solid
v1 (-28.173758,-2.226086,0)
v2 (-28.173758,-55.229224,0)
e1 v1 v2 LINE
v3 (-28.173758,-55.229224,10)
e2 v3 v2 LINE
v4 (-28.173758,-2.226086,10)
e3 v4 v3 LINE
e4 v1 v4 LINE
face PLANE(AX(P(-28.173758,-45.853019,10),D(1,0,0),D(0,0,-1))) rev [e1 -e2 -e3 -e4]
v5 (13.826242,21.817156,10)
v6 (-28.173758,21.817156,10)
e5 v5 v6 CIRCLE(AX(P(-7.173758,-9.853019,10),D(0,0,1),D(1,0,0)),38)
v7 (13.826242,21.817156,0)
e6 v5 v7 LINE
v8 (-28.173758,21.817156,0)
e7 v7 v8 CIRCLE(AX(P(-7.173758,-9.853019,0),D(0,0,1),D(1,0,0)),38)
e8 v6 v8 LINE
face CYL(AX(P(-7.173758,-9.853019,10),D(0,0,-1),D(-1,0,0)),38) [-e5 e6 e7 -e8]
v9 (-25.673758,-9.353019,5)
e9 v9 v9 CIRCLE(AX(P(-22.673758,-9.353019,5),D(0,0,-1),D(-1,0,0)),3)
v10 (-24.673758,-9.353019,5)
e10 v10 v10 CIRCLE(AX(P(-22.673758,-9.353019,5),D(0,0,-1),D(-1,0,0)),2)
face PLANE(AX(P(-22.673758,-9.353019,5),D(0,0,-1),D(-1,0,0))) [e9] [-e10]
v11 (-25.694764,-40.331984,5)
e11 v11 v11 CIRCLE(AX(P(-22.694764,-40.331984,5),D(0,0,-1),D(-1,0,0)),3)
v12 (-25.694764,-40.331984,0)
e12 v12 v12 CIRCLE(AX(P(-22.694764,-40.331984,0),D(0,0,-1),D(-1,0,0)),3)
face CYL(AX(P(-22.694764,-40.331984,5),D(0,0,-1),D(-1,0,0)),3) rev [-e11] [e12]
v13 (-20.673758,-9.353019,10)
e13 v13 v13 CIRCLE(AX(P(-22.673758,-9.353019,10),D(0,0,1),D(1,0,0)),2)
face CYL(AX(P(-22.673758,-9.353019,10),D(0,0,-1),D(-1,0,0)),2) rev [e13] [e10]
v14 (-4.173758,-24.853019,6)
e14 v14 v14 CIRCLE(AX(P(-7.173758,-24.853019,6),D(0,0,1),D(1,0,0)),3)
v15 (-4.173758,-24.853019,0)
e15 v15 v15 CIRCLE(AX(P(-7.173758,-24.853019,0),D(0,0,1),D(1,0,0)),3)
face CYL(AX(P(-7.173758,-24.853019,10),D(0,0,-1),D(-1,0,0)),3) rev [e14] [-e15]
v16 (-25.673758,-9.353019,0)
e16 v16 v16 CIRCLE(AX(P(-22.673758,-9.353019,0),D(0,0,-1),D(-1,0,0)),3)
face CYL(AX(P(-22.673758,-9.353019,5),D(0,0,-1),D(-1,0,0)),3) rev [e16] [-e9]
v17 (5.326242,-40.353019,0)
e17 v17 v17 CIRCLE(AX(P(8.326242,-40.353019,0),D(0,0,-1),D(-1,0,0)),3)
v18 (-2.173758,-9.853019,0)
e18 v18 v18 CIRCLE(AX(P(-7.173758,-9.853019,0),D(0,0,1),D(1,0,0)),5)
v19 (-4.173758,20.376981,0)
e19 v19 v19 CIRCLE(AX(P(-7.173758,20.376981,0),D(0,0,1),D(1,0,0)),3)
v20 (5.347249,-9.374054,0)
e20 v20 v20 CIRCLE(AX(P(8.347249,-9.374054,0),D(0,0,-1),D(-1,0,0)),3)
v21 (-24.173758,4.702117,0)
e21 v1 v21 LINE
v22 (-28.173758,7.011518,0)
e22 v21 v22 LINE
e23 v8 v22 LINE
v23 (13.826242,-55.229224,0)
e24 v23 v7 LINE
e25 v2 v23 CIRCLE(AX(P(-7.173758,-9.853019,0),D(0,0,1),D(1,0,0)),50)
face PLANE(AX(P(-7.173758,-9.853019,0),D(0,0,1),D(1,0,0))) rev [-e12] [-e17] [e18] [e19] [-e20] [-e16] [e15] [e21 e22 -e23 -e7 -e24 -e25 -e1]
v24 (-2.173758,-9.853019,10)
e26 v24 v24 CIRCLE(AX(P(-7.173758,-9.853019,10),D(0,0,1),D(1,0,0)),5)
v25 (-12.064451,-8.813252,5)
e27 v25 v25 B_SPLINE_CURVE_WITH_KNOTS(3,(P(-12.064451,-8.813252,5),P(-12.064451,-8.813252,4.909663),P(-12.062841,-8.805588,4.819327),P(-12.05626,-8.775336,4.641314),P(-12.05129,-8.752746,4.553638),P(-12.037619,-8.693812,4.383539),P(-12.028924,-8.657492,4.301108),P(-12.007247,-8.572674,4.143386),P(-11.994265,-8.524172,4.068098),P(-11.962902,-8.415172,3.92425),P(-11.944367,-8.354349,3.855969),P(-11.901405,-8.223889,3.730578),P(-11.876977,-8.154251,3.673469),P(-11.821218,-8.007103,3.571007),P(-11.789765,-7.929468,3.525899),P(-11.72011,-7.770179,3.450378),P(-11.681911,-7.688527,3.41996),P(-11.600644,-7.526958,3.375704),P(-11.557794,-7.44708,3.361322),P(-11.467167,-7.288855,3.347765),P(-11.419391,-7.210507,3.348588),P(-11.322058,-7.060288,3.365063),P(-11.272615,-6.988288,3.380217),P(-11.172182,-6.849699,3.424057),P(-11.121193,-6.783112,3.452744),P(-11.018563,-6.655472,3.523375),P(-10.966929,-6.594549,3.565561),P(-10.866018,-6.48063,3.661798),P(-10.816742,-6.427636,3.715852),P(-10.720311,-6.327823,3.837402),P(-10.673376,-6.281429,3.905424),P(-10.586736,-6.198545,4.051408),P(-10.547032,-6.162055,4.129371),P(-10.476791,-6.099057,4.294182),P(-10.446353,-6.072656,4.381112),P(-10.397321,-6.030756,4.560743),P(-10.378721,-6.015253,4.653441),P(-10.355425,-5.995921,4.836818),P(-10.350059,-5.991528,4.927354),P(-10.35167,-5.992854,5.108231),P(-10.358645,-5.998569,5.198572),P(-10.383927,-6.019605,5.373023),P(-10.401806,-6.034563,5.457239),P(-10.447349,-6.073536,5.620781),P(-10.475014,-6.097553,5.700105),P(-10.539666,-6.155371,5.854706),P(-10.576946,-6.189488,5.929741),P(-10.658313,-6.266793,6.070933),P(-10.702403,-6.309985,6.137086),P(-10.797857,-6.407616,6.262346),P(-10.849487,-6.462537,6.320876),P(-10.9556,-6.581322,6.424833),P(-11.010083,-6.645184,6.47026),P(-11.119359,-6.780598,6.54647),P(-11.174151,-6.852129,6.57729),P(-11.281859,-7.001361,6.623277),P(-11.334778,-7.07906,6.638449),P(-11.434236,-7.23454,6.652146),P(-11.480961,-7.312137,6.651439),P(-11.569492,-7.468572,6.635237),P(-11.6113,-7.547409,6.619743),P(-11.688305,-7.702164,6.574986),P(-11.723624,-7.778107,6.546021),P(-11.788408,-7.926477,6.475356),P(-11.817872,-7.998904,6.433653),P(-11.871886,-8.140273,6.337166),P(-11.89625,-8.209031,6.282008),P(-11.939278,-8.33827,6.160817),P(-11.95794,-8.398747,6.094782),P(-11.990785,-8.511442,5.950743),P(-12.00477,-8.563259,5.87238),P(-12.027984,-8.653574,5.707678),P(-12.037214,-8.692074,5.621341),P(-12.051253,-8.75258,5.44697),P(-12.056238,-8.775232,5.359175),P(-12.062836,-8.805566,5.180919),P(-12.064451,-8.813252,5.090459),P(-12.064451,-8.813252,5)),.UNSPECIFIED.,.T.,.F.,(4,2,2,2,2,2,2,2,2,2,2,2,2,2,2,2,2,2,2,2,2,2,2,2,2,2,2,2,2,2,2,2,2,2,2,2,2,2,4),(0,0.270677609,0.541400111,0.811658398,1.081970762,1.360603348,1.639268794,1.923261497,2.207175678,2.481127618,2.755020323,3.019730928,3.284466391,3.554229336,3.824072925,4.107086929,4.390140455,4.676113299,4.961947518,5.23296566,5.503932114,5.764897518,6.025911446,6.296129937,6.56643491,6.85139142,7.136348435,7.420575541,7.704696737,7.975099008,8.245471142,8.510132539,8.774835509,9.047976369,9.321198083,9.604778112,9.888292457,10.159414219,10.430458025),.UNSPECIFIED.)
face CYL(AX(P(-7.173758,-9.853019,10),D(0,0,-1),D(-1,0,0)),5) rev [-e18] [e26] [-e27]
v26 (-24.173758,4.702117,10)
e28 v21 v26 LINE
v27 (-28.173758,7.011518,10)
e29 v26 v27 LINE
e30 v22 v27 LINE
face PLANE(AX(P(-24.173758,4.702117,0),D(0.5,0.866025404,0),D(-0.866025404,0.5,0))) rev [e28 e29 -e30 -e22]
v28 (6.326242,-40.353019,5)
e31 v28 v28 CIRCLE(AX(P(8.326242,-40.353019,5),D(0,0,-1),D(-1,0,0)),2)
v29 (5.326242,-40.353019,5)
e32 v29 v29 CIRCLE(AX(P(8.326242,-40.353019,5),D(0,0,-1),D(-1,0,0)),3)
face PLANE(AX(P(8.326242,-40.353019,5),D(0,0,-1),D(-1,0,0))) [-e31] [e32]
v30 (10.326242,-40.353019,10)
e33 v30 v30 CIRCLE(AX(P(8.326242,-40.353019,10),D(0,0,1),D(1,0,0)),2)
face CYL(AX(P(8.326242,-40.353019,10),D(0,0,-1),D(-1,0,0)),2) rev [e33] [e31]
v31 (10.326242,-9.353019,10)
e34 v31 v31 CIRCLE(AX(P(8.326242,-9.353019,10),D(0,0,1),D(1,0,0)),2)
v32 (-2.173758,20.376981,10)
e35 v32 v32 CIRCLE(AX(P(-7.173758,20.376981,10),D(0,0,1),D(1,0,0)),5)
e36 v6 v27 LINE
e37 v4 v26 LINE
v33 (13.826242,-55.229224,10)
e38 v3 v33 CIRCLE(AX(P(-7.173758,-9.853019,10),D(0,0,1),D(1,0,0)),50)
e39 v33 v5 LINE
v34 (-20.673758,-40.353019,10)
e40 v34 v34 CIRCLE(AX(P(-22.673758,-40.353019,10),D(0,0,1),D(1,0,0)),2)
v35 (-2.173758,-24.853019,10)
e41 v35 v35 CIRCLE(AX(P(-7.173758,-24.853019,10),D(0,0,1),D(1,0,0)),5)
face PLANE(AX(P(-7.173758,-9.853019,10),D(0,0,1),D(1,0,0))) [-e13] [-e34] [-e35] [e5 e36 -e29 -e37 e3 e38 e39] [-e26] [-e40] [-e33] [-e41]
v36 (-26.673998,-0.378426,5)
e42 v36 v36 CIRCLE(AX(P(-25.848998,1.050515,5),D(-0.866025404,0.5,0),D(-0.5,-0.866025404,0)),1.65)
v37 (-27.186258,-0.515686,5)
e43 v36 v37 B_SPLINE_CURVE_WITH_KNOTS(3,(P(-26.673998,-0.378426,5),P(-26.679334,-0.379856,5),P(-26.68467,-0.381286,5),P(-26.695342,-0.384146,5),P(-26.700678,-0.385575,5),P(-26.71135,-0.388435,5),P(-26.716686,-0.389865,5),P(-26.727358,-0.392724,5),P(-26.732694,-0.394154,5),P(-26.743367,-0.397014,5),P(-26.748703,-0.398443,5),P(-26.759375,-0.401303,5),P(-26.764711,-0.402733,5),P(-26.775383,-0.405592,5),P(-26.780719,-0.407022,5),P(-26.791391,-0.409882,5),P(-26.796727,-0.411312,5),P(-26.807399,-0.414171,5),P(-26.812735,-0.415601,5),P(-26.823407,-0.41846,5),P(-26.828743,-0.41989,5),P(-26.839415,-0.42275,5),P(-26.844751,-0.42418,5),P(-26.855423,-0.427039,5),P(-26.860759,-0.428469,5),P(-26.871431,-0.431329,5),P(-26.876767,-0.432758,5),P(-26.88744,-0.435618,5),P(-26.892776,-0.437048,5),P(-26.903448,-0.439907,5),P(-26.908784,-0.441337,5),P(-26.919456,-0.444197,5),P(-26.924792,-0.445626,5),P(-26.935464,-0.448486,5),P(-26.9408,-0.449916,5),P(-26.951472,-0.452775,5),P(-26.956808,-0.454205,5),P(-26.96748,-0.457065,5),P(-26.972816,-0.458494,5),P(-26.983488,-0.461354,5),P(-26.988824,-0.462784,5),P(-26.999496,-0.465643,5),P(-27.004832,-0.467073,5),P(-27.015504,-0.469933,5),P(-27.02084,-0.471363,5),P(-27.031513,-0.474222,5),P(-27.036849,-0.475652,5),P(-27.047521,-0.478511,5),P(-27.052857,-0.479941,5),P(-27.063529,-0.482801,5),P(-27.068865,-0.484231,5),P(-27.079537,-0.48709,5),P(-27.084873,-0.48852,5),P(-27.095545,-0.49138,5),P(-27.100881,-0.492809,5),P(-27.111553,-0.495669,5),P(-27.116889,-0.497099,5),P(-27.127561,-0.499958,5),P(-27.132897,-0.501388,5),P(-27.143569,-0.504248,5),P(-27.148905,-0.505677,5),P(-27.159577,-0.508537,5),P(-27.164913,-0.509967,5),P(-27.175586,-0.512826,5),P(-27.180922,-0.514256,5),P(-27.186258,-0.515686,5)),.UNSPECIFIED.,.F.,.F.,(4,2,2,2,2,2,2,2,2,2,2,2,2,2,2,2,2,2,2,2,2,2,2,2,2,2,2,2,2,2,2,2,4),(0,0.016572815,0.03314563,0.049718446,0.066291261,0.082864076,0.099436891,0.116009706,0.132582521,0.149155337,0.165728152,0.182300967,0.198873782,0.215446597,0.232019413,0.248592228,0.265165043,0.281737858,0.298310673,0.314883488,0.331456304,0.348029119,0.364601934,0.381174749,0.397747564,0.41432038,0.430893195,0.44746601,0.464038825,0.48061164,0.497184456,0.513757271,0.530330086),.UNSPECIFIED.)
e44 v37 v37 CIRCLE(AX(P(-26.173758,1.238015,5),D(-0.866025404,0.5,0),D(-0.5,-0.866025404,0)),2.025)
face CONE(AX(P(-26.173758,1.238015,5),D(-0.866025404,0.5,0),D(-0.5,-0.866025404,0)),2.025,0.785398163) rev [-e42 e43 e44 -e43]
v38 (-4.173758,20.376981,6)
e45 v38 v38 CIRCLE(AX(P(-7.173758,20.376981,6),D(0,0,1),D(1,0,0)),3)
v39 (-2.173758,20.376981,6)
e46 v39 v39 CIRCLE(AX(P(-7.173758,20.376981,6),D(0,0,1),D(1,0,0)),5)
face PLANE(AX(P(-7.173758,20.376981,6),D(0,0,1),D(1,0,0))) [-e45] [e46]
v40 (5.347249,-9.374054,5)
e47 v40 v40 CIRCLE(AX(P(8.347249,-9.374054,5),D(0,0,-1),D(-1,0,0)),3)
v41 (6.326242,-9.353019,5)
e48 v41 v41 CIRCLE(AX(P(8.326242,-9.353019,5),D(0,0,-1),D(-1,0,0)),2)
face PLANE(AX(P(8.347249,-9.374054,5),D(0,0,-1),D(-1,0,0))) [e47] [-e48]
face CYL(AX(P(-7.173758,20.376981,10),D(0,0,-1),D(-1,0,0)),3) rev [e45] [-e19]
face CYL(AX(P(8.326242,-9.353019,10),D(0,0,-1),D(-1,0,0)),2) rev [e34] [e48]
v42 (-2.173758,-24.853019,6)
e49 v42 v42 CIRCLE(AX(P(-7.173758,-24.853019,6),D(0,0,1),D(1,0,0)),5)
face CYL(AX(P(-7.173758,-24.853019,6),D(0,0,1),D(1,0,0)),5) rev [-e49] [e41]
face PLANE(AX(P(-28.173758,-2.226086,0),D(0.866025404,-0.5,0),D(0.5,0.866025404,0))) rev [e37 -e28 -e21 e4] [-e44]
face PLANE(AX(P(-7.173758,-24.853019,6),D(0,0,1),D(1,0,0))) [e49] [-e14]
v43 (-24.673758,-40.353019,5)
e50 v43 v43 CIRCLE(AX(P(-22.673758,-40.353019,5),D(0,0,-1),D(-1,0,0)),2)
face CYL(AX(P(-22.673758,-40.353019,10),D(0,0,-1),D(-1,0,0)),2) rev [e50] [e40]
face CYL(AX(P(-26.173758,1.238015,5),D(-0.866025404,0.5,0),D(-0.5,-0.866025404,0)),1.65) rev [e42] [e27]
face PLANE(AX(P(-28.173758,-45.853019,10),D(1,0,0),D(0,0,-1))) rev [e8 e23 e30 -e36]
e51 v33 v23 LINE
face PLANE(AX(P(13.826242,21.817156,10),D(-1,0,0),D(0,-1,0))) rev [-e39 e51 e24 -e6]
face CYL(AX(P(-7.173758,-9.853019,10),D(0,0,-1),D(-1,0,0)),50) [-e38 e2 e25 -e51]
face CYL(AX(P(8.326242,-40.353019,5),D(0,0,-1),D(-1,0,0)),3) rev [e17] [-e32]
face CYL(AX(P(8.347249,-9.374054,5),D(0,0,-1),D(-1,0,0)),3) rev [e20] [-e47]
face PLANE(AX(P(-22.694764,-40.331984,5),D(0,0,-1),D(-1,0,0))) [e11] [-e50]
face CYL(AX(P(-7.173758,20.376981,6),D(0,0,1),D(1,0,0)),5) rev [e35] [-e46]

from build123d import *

# Parameters (mm, degrees)
SKIZZE1_R                       = 3
SKIZZE1_R_2                     = 5
SKIZZE1_R_3                     = 2
AUFSATZ_LINEAR_AUSTRAGEN1_DEPTH = 10
SKIZZE2_R                       = 5
SCHNITT_LINEAR_AUSTRAGEN1_DEPTH = 4
SKIZZE3_R                       = 3
SCHNITT_LINEAR_AUSTRAGEN2_DEPTH = 5
SCHNITT_LINEAR_AUSTRAGEN3_DEPTH = 10
SKIZZE6_R                       = 1.5
SCHNITT_LINEAR_AUSTRAGEN4_DEPTH = 20
M4_GEWINDEBOHRUNG3_D            = 3.3
M4_GEWINDEBOHRUNG3_DEPTH        = 20
M4_GEWINDEBOHRUNG3_CSINK_D      = 4.05
M4_GEWINDEBOHRUNG3_CSINK_ANGLE  = 90
M4_GEWINDEBOHRUNG3_TIP          = 0.991420021


with BuildPart() as part:
    # Skizze1 → Aufsatz-Linear austragen1 (new body)
    with BuildSketch(Plane.XY):
        with BuildLine():
            Line((-28.173757618, -45.853019157), (-28.173757618, -55.229224375))
            ThreePointArc((-28.173757618, -55.229224375), (-7.173757618, -59.853019157), (13.826242382, -55.229224375))
            Line((13.826242382, -55.229224375), (13.826242382, -45.853019157))
            Line((13.826242382, -45.853019157), (13.826242382, 21.817156087))
            ThreePointArc((13.826242382, 21.817156087), (-7.173757618, 28.146980843), (-28.173757618, 21.817156087))
            Line((-28.173757618, 21.817156087), (-28.173757618, -45.853019157))
        make_face()
        with Locations((-7.173757618, -24.853019157)):
            Circle(SKIZZE1_R, mode=Mode.SUBTRACT)
        with Locations((-7.173757618, -9.853019157)):
            Circle(SKIZZE1_R_2, mode=Mode.SUBTRACT)
        with Locations((-22.673757618, -9.353019157)):
            Circle(SKIZZE1_R_3, mode=Mode.SUBTRACT)
        with Locations((-22.673757618, -40.353019157)):
            Circle(SKIZZE1_R_3, mode=Mode.SUBTRACT)
        with Locations((8.326242382, -40.353019157)):
            Circle(SKIZZE1_R_3, mode=Mode.SUBTRACT)
        with Locations((8.326242382, -9.353019157)):
            Circle(SKIZZE1_R_3, mode=Mode.SUBTRACT)
        with Locations((-7.173757618, 20.376980843)):
            Circle(SKIZZE1_R, mode=Mode.SUBTRACT)
    extrude(amount=AUFSATZ_LINEAR_AUSTRAGEN1_DEPTH)

    # Skizze2 → Schnitt-Linear austragen1 (cut)
    with BuildSketch(Plane.XY.offset(10)):
        with Locations((-7.173757618, -24.853019157)):
            Circle(SKIZZE2_R)
        with Locations((-7.173757618, 20.376980843)):
            Circle(SKIZZE2_R)
    extrude(amount=-SCHNITT_LINEAR_AUSTRAGEN1_DEPTH, mode=Mode.SUBTRACT)

    # Skizze3 → Schnitt-Linear austragen2 (cut)
    with BuildSketch(Plane(origin=(0, 0, 0), x_dir=(-1, 0, 0), z_dir=(0, 0, -1))):
        with Locations((22.694764405, -40.331983862)):
            Circle(SKIZZE3_R)
        with Locations((-8.326242382, -40.353019157)):
            Circle(SKIZZE3_R)
        with Locations((22.673757618, -9.353019157)):
            Circle(SKIZZE3_R)
        with Locations((-8.347249168, -9.374054453)):
            Circle(SKIZZE3_R)
    extrude(amount=-SCHNITT_LINEAR_AUSTRAGEN2_DEPTH, mode=Mode.SUBTRACT)

    # Skizze5 → Schnitt-Linear austragen3 (cut)
    with BuildSketch(Plane.XY.offset(10)):
        Polygon((-28.173757618, -2.226086116), (-24.173757618, 4.702117114), (-28.173757618, 7.011518191), align=None)
    extrude(amount=-SCHNITT_LINEAR_AUSTRAGEN3_DEPTH, mode=Mode.SUBTRACT)

    # Skizze6 → Schnitt-Linear austragen4 (cut)
    with BuildSketch(Plane(origin=(-20.16639465, 11.64307338, 0), x_dir=(0, 0, 1), z_dir=(-0.8660254037844384, 0.5000000000000007, 0))):
        with Locations(Location((5, -12.014725937, 0), (0, 0, 270))):
            Circle(SKIZZE6_R)
    extrude(amount=-SCHNITT_LINEAR_AUSTRAGEN4_DEPTH, mode=Mode.SUBTRACT)

    # M4 Gewindebohrung3
    with Locations(Plane(origin=(-26.173757618, 1.238015499, 5), x_dir=(-0.5, -0.866025403784, 0), z_dir=(-0.866025403784, 0.5, 0))):
        with Locations((0, 0)):
            CounterSinkHole(M4_GEWINDEBOHRUNG3_D / 2, M4_GEWINDEBOHRUNG3_CSINK_D / 2, depth=M4_GEWINDEBOHRUNG3_DEPTH, counter_sink_angle=M4_GEWINDEBOHRUNG3_CSINK_ANGLE)
            with Locations((0, 0, -(M4_GEWINDEBOHRUNG3_DEPTH + M4_GEWINDEBOHRUNG3_TIP / 2))):  # 118° drill point
                Cone(0, M4_GEWINDEBOHRUNG3_D / 2, M4_GEWINDEBOHRUNG3_TIP, mode=Mode.SUBTRACT)


solid = part.part
